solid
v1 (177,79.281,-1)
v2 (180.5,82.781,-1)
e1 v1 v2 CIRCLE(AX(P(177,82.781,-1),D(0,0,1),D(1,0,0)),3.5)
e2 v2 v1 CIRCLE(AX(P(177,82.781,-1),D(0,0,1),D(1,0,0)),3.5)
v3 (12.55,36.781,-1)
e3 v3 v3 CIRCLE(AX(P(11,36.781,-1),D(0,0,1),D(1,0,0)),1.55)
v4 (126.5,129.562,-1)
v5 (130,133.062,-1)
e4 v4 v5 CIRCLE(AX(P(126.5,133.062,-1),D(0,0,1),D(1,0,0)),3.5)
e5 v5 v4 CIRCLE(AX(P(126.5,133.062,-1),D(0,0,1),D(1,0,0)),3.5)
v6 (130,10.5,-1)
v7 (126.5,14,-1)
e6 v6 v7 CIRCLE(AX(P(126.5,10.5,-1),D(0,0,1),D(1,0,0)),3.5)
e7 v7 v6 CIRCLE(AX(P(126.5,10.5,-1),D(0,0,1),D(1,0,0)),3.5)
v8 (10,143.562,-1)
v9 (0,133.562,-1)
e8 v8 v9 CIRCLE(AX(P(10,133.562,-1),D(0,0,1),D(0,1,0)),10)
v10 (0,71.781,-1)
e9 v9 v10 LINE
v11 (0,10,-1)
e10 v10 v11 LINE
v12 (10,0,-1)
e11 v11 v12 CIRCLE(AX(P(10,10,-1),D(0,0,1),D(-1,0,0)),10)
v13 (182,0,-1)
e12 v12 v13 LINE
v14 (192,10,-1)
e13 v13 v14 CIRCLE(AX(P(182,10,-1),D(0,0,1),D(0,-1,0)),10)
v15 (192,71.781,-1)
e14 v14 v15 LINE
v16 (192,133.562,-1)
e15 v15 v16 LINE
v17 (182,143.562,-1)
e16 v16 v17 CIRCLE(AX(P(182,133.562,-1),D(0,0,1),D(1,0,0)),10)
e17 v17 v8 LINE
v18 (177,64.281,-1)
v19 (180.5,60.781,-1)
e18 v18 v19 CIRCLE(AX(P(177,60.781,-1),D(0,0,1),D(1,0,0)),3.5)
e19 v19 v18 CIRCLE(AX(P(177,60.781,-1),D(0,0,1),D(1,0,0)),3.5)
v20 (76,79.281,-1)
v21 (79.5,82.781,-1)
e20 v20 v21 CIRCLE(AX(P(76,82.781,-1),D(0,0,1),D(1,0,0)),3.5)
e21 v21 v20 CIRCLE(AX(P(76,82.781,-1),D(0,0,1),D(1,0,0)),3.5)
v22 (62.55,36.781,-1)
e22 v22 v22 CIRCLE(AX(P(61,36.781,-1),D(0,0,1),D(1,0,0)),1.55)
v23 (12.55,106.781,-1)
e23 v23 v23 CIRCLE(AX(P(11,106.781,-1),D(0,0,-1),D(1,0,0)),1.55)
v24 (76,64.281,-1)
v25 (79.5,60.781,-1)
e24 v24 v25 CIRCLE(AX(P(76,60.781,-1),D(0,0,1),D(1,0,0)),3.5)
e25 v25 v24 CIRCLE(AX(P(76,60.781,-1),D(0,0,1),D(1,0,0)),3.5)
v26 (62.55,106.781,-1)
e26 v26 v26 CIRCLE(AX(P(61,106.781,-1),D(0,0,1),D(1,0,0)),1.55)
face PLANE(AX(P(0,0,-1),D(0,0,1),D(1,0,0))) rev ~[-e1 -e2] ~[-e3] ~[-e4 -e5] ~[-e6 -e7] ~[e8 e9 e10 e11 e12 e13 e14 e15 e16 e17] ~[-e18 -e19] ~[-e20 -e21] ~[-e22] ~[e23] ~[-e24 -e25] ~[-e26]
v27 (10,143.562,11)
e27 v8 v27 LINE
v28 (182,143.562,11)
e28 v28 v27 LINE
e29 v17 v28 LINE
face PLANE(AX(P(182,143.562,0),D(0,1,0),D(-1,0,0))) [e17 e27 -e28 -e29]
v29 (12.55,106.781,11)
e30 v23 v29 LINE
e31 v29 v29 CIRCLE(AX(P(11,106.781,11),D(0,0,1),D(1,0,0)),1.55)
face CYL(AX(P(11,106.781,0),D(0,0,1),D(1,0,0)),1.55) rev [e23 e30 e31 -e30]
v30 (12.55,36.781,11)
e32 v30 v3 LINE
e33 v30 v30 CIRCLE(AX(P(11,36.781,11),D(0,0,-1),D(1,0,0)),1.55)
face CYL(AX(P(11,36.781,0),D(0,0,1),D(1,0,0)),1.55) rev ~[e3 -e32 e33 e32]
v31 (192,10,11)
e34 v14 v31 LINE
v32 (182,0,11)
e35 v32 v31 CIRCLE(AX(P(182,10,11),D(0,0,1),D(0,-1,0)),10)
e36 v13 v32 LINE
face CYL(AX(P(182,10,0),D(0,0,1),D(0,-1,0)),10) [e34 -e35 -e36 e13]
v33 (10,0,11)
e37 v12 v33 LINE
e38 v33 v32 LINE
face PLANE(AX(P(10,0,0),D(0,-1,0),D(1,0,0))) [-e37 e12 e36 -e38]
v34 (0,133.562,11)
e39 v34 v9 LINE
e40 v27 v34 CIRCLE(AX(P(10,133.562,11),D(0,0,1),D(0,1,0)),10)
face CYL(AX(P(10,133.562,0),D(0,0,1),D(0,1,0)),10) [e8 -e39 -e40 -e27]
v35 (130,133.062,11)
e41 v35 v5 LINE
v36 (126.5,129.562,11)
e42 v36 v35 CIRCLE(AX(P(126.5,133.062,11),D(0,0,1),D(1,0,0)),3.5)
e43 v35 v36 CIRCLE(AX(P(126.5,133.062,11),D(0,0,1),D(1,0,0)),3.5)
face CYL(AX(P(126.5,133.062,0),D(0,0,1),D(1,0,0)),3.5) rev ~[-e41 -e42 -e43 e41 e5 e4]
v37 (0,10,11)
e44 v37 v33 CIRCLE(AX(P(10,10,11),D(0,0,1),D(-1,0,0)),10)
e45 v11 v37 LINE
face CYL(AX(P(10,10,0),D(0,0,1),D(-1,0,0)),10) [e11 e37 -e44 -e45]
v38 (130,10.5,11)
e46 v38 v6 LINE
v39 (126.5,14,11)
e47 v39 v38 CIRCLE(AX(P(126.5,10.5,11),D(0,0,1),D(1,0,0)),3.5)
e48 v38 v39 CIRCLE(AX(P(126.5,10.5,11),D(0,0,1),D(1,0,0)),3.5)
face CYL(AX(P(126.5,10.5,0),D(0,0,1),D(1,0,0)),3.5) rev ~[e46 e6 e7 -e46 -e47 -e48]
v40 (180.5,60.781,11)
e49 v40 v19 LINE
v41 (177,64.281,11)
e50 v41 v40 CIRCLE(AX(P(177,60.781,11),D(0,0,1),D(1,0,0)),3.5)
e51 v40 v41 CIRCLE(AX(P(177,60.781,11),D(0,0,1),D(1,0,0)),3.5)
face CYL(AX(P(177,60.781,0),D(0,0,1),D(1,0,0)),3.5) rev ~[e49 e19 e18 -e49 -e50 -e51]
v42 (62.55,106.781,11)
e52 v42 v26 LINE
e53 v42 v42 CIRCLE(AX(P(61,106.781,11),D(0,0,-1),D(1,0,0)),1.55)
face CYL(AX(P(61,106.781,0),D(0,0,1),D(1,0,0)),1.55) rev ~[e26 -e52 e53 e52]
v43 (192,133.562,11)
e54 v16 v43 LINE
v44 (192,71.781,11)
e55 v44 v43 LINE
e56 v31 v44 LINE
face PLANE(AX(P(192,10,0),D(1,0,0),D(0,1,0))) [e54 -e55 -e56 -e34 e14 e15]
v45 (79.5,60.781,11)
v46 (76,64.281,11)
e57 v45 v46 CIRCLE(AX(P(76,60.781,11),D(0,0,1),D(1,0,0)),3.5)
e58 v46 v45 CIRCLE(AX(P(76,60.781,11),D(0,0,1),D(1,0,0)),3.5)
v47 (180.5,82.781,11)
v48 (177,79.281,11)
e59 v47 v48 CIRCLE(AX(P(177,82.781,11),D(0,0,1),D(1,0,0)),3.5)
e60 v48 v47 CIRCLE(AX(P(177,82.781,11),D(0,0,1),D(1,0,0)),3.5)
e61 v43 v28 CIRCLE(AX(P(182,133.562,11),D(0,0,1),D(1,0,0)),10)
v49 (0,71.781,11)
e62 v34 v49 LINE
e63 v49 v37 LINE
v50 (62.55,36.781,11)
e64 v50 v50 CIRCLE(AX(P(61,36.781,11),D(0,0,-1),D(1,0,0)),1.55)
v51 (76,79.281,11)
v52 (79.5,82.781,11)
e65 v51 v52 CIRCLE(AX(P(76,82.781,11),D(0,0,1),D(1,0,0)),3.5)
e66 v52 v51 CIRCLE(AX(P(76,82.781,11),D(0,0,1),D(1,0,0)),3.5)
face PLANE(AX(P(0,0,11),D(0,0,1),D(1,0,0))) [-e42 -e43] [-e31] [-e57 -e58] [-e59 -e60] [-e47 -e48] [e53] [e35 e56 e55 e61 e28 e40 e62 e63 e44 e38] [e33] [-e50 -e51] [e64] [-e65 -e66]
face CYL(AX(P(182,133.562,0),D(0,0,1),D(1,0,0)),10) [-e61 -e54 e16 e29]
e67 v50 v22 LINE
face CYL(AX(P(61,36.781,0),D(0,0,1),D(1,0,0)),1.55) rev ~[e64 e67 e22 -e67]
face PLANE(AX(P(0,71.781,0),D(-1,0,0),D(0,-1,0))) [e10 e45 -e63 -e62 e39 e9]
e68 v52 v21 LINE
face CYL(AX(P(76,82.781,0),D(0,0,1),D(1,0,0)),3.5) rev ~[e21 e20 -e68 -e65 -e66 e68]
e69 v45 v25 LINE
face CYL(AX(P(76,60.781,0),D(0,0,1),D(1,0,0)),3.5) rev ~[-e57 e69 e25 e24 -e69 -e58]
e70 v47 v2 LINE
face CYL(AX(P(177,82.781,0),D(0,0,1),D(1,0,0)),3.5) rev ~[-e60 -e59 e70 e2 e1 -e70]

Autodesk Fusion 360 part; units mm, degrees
sketch "Sketch1" plane through (0, 0, 0) normal (0, 0, 1) x (1, 0, 0)
  line L0 (10, 0) -> (182, 0)
  line L1 (192, 10) -> (192, 133.562)
  line L2 (182, 143.562) -> (10, 143.562)
  line L3 (0, 133.562) -> (0, 10)
  line L4 (126.5, 133.062) -> (126.5, 10.5)
  circle A0 centre (126.5, 133.062) radius 3.5
  circle A1 centre (126.5, 10.5) radius 3.5
  line L5 (126.5, 71.781) -> (192, 71.781)
  line L6 (177, 71.781) -> (76, 71.781)
  line L7 (76, 82.781) -> (76, 60.781)
  circle A2 centre (76, 82.781) radius 3.5
  circle A3 centre (76, 60.781) radius 3.5
  line L8 (177, 82.781) -> (177, 60.781)
  circle A4 centre (177, 82.781) radius 3.5
  circle A5 centre (177, 60.781) radius 3.5
  line L9 (11, 106.781) -> (61, 106.781)
  line L10 (61, 106.781) -> (61, 36.781)
  line L11 (61, 36.781) -> (11, 36.781)
  line L12 (11, 36.781) -> (11, 106.781)
  line L13 (11, 71.781) -> (0, 71.781)
  circle A6 centre (61, 106.781) radius 1.55
  circle A7 centre (11, 106.781) radius 1.55
  circle A8 centre (11, 36.781) radius 1.55
  circle A9 centre (61, 36.781) radius 1.55
  arc A10 (10, 143.562) -> (0, 133.562) centre (10, 133.562) ccw
  arc A11 (192, 133.562) -> (182, 143.562) centre (182, 133.562) ccw
  arc A12 (182, 0) -> (192, 10) centre (182, 10) ccw
  arc A13 (0, 10) -> (10, 0) centre (10, 10) ccw
  point P0 (192, 0)
  point P1 (192, 143.562)
  point P2 (76, 71.781)
  point P3 (126.5, 71.781)
  dimension "d1" = 143.562
  dimension "d3" = 7
  dimension "d4" = 7
  dimension "d5" = 122.562
  dimension "d6" = 90
  dimension "d7" = 101
  dimension "d8" = 22
  dimension "d9" = 7
  dimension "d10" = 7
  dimension "d11" = 15
  dimension "d12" = 50
  dimension "d13" = 70
  dimension "d14" = 15
  dimension "d15" = 90
  dimension "d16" = 3.1
  dimension "d17" = 3.1
  dimension "d18" = 3.1
  dimension "d19" = 3.1
  dimension "d20" = 10
  dimension "d21" = 10
  dimension "d22" = 10
  dimension "d23" = 10
  dimension "d42" = 11
extrude "Extrude1" add sketch "Sketch1" along normal blind 10 contours L9 L10 L11 L12 A6 A7 A8 A9 | L0 L1 L2 L3 A10 A11 A12 A13
extrude "Extrude2" add 1 faces at (162.3446, 23.2161, 10) along direction (0, 0, 1) blind 1
extrude "Extrude3" add 1 faces at (162.3446, 23.2161, 0) along direction (0, 0, -1) blind 1
equation "d7 = 90 mm + 11 mm"
